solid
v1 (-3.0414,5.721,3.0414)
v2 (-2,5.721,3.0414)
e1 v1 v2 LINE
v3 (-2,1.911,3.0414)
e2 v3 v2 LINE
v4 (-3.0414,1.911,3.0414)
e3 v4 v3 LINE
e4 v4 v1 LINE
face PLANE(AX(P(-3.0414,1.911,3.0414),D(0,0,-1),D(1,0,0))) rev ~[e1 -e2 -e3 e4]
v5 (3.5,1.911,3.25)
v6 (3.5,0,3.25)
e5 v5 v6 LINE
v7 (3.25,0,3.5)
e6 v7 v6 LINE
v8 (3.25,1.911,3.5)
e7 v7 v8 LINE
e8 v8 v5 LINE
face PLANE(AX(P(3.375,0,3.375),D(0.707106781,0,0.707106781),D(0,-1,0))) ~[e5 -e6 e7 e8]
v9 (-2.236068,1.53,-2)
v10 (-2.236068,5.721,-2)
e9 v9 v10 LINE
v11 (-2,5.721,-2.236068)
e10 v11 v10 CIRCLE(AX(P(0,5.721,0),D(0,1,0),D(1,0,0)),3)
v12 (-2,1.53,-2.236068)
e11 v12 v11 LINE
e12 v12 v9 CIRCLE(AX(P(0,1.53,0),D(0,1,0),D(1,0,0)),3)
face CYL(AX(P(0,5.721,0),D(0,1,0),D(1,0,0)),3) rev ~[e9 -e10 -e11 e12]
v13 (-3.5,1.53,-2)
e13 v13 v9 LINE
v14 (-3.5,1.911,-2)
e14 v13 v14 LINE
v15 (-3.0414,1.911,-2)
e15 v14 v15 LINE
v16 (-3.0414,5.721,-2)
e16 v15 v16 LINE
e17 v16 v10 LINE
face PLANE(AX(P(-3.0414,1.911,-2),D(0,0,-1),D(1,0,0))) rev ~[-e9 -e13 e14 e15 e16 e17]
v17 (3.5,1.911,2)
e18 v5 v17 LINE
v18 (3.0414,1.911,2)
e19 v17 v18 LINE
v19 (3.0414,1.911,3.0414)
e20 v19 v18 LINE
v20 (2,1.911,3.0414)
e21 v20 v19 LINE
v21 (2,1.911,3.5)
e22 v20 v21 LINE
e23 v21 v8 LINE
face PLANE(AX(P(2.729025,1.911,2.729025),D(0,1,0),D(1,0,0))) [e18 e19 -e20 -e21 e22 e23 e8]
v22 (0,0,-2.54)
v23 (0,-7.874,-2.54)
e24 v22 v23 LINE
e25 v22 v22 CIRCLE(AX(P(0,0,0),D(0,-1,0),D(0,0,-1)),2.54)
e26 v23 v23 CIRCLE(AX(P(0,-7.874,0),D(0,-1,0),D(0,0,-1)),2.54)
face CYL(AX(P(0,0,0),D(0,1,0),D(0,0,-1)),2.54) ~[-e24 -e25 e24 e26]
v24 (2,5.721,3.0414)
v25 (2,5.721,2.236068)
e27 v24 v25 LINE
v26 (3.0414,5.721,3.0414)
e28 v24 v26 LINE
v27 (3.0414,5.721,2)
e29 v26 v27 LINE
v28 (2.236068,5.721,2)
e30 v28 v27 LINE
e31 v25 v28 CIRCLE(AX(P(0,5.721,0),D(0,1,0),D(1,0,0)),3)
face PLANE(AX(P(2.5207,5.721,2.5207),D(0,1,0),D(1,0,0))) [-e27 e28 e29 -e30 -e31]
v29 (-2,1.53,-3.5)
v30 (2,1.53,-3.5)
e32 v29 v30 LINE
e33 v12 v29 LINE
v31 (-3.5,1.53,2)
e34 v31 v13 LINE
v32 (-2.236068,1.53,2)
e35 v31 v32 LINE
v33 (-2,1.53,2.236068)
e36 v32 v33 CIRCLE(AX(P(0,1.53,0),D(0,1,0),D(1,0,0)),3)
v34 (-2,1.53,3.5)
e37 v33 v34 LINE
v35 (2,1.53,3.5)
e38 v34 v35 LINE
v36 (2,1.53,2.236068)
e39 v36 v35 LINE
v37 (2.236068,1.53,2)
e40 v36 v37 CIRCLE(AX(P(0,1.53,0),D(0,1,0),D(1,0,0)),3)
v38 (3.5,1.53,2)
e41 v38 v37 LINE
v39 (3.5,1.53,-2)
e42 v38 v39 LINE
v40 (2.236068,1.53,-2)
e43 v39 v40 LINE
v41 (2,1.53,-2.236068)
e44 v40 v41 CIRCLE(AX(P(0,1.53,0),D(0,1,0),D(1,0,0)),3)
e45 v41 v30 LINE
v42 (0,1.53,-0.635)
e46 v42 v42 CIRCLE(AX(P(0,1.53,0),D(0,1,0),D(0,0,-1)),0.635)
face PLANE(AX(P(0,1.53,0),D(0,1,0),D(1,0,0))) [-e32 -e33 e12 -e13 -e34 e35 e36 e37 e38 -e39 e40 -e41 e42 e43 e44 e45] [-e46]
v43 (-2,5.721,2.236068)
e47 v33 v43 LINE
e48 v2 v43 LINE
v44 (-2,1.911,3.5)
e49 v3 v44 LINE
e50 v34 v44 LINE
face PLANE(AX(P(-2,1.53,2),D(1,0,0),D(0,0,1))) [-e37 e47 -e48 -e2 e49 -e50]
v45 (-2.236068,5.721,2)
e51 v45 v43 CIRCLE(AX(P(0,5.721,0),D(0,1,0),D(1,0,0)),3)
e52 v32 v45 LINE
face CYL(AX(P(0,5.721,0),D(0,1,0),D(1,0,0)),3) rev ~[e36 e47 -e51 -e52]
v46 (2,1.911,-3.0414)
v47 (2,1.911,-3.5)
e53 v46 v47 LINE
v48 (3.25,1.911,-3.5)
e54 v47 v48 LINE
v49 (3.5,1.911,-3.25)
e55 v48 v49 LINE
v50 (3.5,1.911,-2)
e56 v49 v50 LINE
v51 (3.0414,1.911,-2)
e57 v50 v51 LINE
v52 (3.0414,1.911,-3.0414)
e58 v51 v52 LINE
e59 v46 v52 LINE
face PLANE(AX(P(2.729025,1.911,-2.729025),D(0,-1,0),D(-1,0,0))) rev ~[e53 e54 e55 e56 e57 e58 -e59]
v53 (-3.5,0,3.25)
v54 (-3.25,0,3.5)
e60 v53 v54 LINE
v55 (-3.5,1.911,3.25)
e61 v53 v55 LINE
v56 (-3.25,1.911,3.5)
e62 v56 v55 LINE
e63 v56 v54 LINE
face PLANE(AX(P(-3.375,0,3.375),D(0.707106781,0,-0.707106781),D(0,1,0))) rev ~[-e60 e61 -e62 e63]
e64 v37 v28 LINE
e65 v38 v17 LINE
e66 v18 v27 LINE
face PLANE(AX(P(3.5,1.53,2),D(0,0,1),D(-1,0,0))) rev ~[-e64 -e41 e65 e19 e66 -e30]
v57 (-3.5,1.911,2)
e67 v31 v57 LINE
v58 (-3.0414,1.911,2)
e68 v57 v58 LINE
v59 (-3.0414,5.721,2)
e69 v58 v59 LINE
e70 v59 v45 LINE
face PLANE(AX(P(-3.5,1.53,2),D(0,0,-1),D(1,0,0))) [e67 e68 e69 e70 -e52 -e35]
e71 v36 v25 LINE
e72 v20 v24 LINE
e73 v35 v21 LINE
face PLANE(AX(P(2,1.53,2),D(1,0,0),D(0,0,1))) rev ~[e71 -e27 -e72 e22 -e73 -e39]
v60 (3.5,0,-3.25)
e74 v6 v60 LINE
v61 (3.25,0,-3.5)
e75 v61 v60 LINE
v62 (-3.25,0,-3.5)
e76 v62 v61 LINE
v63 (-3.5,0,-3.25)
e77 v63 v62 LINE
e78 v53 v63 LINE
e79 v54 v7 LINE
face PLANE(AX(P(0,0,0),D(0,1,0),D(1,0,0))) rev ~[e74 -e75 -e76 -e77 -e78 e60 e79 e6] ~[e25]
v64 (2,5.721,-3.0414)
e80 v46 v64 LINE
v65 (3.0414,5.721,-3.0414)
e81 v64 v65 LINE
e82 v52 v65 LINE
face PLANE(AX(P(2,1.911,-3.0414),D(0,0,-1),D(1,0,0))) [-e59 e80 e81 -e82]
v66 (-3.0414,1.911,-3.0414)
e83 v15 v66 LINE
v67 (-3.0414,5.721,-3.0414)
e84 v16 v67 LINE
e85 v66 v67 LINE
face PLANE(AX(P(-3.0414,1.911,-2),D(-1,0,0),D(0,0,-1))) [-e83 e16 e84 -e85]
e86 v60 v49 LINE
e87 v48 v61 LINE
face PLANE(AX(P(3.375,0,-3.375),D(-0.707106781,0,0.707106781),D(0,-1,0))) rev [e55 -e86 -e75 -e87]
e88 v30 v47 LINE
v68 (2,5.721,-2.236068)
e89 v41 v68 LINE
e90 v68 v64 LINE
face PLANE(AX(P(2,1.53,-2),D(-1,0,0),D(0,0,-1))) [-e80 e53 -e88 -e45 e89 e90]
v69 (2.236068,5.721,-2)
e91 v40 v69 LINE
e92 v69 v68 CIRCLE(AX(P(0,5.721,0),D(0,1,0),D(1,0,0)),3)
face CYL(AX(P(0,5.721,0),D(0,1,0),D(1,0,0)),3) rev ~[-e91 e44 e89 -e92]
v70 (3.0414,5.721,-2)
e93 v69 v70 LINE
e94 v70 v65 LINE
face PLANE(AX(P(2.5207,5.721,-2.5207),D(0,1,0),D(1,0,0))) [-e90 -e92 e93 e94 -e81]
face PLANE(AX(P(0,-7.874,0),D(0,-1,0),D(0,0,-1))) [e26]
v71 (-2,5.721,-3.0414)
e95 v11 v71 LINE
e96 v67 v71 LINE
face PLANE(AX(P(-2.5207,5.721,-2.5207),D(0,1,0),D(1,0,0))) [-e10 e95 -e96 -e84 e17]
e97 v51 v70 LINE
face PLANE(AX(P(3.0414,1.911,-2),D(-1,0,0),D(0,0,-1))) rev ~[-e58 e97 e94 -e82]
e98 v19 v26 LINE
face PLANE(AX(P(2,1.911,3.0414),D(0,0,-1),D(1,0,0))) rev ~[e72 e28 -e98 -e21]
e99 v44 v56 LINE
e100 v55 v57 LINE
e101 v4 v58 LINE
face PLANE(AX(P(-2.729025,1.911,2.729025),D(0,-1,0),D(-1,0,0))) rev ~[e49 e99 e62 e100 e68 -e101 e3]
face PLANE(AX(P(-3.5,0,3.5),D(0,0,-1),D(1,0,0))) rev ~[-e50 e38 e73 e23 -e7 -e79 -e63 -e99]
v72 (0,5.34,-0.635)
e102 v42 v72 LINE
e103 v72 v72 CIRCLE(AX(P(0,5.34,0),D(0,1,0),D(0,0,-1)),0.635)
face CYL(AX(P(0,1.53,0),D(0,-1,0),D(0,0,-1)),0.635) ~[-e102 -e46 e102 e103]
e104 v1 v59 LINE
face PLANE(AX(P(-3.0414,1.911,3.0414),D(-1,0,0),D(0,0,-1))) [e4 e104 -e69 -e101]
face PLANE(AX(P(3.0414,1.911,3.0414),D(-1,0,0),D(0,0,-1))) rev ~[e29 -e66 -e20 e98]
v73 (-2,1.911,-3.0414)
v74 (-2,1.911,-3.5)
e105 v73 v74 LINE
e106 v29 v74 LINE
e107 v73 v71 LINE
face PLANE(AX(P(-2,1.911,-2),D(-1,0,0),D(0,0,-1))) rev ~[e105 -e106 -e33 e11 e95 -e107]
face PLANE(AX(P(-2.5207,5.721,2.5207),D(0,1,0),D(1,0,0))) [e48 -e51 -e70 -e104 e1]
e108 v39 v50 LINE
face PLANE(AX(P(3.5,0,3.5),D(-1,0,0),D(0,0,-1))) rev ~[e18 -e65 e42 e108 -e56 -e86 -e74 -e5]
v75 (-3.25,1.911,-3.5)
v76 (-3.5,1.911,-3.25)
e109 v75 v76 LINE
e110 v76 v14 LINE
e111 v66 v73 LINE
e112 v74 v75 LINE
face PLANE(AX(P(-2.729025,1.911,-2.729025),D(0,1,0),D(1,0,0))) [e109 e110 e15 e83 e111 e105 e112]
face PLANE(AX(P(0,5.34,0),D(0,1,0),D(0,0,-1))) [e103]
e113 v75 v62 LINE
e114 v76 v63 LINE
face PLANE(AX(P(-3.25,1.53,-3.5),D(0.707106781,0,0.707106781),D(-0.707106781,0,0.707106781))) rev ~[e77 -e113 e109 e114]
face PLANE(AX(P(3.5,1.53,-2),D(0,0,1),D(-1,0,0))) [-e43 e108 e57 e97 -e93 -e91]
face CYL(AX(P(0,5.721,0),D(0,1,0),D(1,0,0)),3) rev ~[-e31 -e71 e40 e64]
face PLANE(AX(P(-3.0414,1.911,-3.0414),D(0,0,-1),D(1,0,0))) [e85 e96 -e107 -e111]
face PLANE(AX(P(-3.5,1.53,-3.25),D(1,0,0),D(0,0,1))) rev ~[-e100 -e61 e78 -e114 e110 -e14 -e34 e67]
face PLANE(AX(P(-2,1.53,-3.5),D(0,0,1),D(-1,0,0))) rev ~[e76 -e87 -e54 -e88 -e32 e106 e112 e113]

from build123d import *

# Parameters (mm, degrees)
SKETCH1_W           = 7
SKETCH1_H           = 7
BOSS_EXTRUDE1_DEPTH = 1.53
SKETCH2_R           = 2.54
BOSS_EXTRUDE2_DEPTH = 7.874
SKETCH3_R           = 0.635
BOSS_EXTRUDE3_DEPTH = 3.81
CHAMFER1_SIZE       = 0.25
BOSS_EXTRUDE4_DEPTH = 0.381
SKETCH5_W           = 1.0414
SKETCH5_H           = 1.0414
BOSS_EXTRUDE5_DEPTH = 3.81
SKETCH6_R           = 3
SKETCH6_R_2         = 2.55
FILE_TO_FIT_DEPTH   = 4.191


with BuildPart() as part:
    # Sketch1 → Boss-Extrude1 (new body)
    with BuildSketch(Plane(origin=(0, 0, 0), x_dir=(1, 0, 0), z_dir=(0, 1, 0))):
        Rectangle(SKETCH1_W, SKETCH1_H)
    extrude(amount=BOSS_EXTRUDE1_DEPTH)

    # Sketch2 → Boss-Extrude2 (add)
    with BuildSketch(Plane.XZ):
        with Locations(Location((0, 0, 0), (0, 0, 270))):
            Circle(SKETCH2_R)
    extrude(amount=BOSS_EXTRUDE2_DEPTH)

    # Sketch3 → Boss-Extrude3 (add)
    with BuildSketch(Plane(origin=(0, 1.53, 0), x_dir=(1, 0, 0), z_dir=(0, 1, 0))):
        with Locations(Location((0, 0, 0), (0, 0, 90))):
            Circle(SKETCH3_R)
    extrude(amount=BOSS_EXTRUDE3_DEPTH)

    # Chamfer1
    chamfer1_edges = [part.edges().sort_by_distance(p)[0] for p in [
        (3.5, 0.765, 3.5),
        (-3.5, 0.765, 3.5),
        (-3.5, 0.765, -3.5),
        (3.5, 0.765, -3.5),
    ]]
    chamfer(chamfer1_edges, length=CHAMFER1_SIZE)

    # Sketch4 → Boss-Extrude4 (add)
    with BuildSketch(Plane(origin=(0, 1.53, 0), x_dir=(1, 0, 0), z_dir=(0, 1, 0))):
        Polygon((-3.5, 2), (-2, 2), (-2, 3.5), (-3.25, 3.5), (-3.5, 3.25), align=None)
        Polygon((3.5, 3.25), (3.5, 2), (2, 2), (2, 3.5), (3.25, 3.5), align=None)
        Polygon((3.5, -2), (2, -2), (2, -3.5), (3.25, -3.5), (3.5, -3.25), align=None)
        Polygon((-3.5, -3.25), (-3.5, -2), (-2, -2), (-2, -3.5), (-3.25, -3.5), align=None)
    extrude(amount=BOSS_EXTRUDE4_DEPTH)

    # Sketch5 → Boss-Extrude5 (add)
    with BuildSketch(Plane(origin=(0, 1.911, 0), x_dir=(1, 0, 0), z_dir=(0, 1, 0))):
        with Locations((-2.5207, 2.5207)):
            Rectangle(SKETCH5_W, SKETCH5_H)
        with Locations((2.5207, 2.5207)):
            Rectangle(SKETCH5_W, SKETCH5_H)
        with Locations((2.5207, -2.5207)):
            Rectangle(SKETCH5_W, SKETCH5_H)
        with Locations((-2.5207, -2.5207)):
            Rectangle(SKETCH5_W, SKETCH5_H)
    extrude(amount=BOSS_EXTRUDE5_DEPTH)

    # Sketch6 → File To Fit (cut)
    with BuildSketch(Plane(origin=(0, 5.721, 0), x_dir=(1, 0, 0), z_dir=(0, 1, 0))):
        Circle(SKETCH6_R)
        Circle(SKETCH6_R_2, mode=Mode.SUBTRACT)
    extrude(amount=-FILE_TO_FIT_DEPTH, mode=Mode.SUBTRACT)


solid = part.part
